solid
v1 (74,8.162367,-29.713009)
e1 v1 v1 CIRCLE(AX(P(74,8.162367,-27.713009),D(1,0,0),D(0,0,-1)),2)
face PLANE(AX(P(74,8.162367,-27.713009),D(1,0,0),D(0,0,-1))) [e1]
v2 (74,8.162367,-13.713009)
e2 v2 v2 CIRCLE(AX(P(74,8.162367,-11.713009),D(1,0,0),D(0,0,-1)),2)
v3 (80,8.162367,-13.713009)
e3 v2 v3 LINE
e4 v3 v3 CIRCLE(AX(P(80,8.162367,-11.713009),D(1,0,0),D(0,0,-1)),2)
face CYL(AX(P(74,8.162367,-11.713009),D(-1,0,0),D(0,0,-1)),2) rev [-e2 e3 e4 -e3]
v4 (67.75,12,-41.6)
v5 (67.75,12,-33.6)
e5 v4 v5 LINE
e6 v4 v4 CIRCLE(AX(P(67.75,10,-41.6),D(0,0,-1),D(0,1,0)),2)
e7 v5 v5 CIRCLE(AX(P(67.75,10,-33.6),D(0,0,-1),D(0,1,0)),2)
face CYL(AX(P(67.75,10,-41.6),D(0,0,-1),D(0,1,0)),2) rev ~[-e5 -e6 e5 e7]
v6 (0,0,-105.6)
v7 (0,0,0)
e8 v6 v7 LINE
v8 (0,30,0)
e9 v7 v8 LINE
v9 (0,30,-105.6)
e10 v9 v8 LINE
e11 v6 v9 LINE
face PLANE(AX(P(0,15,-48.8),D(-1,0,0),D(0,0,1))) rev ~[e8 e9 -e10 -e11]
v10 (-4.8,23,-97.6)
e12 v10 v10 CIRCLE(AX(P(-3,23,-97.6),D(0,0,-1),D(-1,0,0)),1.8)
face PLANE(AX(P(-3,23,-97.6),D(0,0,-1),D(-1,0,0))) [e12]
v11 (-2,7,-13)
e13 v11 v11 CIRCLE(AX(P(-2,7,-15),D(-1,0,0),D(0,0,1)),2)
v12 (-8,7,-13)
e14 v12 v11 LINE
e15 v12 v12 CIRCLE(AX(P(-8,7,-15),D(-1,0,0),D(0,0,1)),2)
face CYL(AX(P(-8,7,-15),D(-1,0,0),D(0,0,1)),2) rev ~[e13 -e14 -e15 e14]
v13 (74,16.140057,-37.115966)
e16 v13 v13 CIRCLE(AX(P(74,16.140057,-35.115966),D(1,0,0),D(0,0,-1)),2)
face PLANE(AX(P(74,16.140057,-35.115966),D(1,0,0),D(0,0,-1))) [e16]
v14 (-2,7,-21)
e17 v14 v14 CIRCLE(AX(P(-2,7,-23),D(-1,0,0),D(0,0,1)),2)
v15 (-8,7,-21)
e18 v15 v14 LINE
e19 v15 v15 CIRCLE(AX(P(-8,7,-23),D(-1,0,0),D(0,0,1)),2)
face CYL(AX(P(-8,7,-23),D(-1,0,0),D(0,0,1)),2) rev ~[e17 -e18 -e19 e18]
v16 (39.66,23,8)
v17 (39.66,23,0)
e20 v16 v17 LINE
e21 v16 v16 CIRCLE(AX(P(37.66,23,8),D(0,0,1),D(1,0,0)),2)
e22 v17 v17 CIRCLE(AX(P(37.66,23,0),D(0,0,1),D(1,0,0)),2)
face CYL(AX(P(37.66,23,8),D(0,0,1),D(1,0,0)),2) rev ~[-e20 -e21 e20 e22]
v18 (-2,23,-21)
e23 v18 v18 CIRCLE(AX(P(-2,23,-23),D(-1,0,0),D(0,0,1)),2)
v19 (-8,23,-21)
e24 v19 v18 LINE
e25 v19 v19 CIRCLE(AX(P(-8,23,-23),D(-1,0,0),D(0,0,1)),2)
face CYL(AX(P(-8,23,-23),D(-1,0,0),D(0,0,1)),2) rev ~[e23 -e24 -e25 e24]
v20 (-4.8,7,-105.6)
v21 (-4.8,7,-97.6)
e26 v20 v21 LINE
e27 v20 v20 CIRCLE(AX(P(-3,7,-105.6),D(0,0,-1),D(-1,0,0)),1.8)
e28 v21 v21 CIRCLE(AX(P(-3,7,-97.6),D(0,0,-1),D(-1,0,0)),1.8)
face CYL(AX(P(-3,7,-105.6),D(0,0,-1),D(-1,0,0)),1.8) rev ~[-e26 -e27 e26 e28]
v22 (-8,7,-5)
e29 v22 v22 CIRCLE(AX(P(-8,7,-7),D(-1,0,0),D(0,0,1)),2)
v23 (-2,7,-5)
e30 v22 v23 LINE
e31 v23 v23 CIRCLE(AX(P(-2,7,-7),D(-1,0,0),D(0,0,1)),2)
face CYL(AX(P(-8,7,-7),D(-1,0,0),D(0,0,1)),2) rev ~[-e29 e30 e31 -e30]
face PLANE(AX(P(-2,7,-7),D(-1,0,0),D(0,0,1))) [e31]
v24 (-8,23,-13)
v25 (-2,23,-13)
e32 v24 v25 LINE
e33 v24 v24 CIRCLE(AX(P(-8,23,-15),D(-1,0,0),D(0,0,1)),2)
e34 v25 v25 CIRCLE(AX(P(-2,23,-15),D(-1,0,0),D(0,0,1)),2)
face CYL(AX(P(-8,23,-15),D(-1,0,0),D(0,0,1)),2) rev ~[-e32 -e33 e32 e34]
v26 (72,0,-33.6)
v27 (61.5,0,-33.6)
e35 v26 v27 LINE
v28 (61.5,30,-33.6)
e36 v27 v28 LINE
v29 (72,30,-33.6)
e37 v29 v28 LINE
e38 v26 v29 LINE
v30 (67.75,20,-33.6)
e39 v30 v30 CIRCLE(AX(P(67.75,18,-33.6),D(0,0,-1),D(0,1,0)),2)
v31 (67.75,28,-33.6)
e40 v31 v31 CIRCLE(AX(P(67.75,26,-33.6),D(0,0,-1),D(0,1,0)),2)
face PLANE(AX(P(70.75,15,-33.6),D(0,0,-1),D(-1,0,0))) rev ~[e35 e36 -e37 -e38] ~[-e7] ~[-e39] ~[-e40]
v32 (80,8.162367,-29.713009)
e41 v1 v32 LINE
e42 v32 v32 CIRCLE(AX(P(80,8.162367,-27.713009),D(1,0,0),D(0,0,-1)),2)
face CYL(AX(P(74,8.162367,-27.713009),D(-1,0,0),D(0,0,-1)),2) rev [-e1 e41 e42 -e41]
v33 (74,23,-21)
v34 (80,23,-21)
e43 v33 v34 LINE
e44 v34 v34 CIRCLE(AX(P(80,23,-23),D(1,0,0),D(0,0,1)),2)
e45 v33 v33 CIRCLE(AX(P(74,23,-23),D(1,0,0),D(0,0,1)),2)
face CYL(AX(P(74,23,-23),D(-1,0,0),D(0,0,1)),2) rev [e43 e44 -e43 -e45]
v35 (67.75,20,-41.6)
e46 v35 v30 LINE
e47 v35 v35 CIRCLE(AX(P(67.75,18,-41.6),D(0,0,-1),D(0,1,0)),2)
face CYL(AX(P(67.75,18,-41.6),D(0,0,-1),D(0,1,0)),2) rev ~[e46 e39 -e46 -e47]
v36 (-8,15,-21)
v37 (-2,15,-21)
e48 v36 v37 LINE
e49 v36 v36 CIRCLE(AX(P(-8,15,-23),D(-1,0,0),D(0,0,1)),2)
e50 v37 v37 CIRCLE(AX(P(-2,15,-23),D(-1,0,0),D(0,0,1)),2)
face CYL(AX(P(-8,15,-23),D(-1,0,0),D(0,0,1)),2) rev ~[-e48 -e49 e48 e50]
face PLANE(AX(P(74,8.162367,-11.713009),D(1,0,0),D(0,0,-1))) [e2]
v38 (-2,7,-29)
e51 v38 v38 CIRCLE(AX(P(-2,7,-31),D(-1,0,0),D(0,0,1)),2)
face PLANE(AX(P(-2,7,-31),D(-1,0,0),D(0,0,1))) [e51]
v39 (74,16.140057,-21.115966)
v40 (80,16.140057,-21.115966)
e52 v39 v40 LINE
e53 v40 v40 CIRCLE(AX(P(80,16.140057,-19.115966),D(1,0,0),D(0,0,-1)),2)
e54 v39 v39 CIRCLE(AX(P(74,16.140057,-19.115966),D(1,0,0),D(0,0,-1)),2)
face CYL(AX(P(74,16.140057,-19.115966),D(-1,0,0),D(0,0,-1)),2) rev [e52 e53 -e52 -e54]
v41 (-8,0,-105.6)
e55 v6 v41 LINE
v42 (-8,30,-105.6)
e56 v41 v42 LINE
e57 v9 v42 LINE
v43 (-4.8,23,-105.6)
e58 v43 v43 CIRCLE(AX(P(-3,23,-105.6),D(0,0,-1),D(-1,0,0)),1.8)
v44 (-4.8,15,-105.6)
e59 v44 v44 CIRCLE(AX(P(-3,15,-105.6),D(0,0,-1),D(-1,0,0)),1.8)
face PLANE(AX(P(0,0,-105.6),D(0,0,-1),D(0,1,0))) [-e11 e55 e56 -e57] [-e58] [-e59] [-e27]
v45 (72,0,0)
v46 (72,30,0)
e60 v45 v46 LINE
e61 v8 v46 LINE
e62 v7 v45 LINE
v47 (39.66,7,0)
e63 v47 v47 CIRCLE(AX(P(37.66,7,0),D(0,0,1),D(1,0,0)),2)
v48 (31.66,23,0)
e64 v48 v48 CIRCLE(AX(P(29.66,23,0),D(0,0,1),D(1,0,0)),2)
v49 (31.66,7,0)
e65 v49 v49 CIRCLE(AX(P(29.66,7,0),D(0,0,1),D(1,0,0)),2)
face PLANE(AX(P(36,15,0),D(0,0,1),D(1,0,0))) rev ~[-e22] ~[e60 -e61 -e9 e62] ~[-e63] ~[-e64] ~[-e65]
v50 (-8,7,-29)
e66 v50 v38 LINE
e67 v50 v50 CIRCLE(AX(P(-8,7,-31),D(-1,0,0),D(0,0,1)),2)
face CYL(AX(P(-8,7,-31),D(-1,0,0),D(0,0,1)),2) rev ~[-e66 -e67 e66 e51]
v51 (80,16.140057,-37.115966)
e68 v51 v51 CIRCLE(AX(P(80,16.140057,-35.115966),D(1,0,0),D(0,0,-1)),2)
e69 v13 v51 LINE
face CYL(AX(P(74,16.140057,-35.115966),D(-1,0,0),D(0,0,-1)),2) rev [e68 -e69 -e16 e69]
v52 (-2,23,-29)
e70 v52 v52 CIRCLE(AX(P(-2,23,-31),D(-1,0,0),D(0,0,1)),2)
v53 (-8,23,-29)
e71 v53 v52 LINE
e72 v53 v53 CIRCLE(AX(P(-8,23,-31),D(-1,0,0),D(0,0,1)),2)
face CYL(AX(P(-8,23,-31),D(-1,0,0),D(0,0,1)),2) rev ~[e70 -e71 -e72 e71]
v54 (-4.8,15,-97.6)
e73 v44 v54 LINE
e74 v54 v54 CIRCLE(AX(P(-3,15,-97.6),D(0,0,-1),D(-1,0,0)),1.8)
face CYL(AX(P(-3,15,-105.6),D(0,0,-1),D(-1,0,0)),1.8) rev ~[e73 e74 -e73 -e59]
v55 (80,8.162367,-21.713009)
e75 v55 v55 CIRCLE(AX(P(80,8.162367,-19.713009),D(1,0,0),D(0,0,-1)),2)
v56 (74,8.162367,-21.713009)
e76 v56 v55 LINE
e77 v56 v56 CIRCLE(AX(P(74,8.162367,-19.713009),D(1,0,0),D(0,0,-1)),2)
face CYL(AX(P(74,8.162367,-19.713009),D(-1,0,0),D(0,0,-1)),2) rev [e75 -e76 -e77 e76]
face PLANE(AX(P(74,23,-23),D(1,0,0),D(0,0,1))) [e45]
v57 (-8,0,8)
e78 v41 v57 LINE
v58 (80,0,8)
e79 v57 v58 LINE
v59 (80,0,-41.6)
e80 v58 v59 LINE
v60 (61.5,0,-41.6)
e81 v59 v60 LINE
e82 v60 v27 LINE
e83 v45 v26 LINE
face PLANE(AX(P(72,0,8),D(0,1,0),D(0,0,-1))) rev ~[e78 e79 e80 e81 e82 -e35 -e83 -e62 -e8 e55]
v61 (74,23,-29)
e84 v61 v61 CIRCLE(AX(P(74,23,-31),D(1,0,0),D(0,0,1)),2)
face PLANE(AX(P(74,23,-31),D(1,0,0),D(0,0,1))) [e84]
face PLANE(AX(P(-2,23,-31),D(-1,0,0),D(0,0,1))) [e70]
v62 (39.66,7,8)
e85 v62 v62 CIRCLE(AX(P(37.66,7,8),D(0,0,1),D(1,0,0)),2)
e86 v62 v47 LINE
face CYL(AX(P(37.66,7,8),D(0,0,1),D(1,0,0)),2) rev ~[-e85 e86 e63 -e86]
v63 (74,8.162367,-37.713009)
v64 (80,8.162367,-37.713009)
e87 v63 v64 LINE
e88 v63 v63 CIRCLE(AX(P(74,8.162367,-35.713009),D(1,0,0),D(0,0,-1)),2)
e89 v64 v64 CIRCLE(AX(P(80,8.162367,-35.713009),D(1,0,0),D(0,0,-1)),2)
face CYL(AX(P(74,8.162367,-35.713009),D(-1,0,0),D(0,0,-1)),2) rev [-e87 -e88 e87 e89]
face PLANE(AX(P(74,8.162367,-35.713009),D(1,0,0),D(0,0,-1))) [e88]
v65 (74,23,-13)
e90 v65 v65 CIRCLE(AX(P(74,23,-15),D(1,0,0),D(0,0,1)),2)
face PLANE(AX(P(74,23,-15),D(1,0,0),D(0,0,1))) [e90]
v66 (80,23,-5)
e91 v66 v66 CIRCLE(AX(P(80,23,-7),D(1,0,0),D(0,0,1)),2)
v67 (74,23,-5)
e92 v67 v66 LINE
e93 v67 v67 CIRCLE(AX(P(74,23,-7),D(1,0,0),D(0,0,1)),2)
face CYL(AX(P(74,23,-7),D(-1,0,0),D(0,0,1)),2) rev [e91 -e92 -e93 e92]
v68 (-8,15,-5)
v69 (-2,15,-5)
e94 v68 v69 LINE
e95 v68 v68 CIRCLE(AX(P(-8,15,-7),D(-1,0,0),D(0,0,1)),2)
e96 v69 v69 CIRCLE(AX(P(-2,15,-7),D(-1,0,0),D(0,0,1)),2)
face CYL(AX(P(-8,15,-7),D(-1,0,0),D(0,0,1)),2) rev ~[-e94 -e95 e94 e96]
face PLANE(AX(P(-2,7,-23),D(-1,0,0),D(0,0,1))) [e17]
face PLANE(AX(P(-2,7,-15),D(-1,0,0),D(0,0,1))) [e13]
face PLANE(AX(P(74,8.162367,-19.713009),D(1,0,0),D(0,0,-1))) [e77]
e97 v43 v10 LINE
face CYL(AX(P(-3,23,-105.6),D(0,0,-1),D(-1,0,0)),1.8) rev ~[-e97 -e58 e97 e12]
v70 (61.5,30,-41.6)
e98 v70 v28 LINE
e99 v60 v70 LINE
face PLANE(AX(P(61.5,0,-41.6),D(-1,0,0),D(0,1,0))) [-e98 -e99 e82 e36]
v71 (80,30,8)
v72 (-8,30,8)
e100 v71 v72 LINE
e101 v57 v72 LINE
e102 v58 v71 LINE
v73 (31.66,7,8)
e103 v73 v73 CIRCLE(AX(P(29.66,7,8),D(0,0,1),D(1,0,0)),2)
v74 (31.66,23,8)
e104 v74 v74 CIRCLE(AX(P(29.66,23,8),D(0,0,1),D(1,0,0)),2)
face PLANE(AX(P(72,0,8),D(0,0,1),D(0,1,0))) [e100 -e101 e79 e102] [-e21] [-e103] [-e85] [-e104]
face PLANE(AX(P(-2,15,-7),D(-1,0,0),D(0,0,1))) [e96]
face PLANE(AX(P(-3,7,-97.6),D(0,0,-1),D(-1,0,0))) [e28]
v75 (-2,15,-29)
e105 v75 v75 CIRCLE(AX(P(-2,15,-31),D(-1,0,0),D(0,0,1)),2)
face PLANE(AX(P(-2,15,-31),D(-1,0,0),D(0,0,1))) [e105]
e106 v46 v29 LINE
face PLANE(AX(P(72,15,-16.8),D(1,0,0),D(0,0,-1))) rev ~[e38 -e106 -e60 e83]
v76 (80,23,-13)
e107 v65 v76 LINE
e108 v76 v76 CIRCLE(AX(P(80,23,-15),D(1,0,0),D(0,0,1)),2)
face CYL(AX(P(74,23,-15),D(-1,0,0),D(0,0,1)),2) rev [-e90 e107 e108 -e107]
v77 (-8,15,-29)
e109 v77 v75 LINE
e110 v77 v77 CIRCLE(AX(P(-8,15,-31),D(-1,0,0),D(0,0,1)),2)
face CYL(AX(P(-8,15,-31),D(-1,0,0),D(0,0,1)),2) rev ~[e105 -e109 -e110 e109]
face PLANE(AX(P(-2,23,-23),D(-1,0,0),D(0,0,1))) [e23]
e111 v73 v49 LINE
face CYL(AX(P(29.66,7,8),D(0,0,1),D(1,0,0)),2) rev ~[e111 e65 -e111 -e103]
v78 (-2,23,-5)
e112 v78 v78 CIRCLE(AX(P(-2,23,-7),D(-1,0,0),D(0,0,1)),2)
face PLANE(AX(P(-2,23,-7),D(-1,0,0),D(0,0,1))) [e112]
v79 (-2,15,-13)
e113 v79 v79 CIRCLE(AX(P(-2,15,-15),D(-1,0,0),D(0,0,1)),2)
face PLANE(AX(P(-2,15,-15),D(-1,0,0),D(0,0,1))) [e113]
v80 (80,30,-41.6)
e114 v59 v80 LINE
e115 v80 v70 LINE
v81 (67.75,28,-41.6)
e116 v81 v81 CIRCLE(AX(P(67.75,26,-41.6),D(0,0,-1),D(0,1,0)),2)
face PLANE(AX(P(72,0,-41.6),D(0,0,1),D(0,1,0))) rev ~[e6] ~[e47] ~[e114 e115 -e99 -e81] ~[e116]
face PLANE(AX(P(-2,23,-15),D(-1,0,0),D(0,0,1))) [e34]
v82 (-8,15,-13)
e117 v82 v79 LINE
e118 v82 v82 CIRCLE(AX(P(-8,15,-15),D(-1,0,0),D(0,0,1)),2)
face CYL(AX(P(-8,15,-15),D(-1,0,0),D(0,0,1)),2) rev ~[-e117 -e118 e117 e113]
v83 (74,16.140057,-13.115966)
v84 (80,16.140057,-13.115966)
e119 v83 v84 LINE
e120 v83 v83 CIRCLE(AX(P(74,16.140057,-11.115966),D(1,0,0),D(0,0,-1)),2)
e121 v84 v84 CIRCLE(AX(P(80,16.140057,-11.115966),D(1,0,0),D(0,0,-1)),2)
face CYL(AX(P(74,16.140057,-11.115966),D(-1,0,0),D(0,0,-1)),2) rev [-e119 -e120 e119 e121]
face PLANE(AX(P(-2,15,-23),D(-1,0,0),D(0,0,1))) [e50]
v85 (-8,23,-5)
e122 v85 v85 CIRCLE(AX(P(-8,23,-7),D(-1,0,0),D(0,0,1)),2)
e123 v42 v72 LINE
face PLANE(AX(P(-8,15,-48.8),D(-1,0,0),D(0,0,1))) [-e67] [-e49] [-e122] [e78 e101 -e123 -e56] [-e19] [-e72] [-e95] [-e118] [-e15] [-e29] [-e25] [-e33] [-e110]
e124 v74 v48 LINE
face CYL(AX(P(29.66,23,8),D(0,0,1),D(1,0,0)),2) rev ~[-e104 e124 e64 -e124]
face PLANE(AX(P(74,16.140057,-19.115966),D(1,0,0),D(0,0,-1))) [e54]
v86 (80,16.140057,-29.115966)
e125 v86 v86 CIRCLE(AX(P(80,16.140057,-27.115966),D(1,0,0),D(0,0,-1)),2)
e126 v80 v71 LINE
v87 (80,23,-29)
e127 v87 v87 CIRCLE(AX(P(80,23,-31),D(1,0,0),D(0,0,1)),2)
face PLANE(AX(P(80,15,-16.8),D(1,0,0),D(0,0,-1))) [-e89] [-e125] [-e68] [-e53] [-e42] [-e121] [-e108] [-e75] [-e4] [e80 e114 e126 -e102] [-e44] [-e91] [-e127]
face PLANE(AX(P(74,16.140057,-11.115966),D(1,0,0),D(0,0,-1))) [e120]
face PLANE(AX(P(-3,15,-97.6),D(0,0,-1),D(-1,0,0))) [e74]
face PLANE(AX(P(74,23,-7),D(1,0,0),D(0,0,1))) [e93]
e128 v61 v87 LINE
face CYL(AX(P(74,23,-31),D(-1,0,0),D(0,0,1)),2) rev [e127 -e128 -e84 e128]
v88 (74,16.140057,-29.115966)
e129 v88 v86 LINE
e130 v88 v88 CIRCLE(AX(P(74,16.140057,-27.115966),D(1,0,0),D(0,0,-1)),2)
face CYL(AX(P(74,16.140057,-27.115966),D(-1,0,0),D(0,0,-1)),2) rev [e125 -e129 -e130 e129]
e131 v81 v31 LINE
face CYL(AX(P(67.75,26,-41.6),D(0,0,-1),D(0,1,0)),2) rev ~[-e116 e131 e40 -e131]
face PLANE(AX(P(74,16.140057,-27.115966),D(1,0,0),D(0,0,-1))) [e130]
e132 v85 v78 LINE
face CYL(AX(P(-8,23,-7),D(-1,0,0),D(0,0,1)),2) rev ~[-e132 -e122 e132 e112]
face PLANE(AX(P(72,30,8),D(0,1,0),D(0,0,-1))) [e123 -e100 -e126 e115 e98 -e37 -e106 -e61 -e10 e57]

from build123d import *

# Parameters (mm, degrees)
SKETCH_1_W          = 72
SKETCH_1_H          = 30
EXTRUDE_1_DEPTH     = 8
SKETCH_2_W          = 113.6
SKETCH_2_H          = 30
EXTRUDE_2_DEPTH     = 8
SKETCH_3_W          = 49.6
SKETCH_3_H          = 30
EXTRUDE_3_DEPTH     = 8
SKETCH_5_W          = 18.5
SKETCH_5_H          = 30
SKETCH_5_R          = 2
EXTRUDE_4_DEPTH     = 8
SKETCH_10_R         = 2
CUT_EXTRUDE_3_DEPTH = 15.5
SKETCH_11_R         = 2
CUT_EXTRUDE_4_DEPTH = 6
SKETCH_12_R         = 1.8
CUT_EXTRUDE_6_DEPTH = 8
CUT_EXTRUDE_START   = -6
SKETCH_13_R         = 2
CUT_EXTRUDE_7_DEPTH = 6


with BuildPart() as part:
    # 草圖1 → 填料-伸長1 (new body)
    with BuildSketch(Plane.XY):
        with Locations((36, 15)):
            Rectangle(SKETCH_1_W, SKETCH_1_H)
    extrude(amount=EXTRUDE_1_DEPTH)

    # 草圖2 → 填料-伸長2 (add)
    with BuildSketch(Plane.ZY):
        with Locations((-48.8, 15)):
            Rectangle(SKETCH_2_W, SKETCH_2_H)
    extrude(amount=EXTRUDE_2_DEPTH)

    # 草圖3 → 填料-伸長3 (add)
    with BuildSketch(Plane(origin=(72, 0, 0), x_dir=(0, 0, -1), z_dir=(1, 0, 0))):
        with Locations((16.8, 15)):
            Rectangle(SKETCH_3_W, SKETCH_3_H)
    extrude(amount=EXTRUDE_3_DEPTH)

    # 草圖5 → 填料-伸長4 (add)
    with BuildSketch(Plane(origin=(0, 0, -41.6), x_dir=(-1, 0, 0), z_dir=(0, 0, -1))):
        with Locations((-70.75, 15)):
            Rectangle(SKETCH_5_W, SKETCH_5_H)
        with Locations(Location((-67.75, 26, 0), (0, 0, 90))):
            Circle(SKETCH_5_R, mode=Mode.SUBTRACT)
        with Locations(Location((-67.75, 18, 0), (0, 0, 90))):
            Circle(SKETCH_5_R, mode=Mode.SUBTRACT)
        with Locations(Location((-67.75, 10, 0), (0, 0, 90))):
            Circle(SKETCH_5_R, mode=Mode.SUBTRACT)
    extrude(amount=-EXTRUDE_4_DEPTH)

    # 草圖10 → 除料-伸長3 (cut)
    with BuildSketch(Plane.XY.offset(8)):
        with Locations((29.66, 23)):
            Circle(SKETCH_10_R)
        with Locations((37.66, 23)):
            Circle(SKETCH_10_R)
        with Locations((37.66, 7)):
            Circle(SKETCH_10_R)
        with Locations((29.66, 7)):
            Circle(SKETCH_10_R)
    extrude(amount=-CUT_EXTRUDE_3_DEPTH, mode=Mode.SUBTRACT)

    # 草圖11 → 除料-伸長4 (cut)
    with BuildSketch(Plane.ZY.offset(8)):
        with Locations((-31, 23)):
            Circle(SKETCH_11_R)
        with Locations((-31, 15)):
            Circle(SKETCH_11_R)
        with Locations((-31, 7)):
            Circle(SKETCH_11_R)
        with Locations((-23, 23)):
            Circle(SKETCH_11_R)
        with Locations((-23, 15)):
            Circle(SKETCH_11_R)
        with Locations((-23, 7)):
            Circle(SKETCH_11_R)
        with Locations((-15, 23)):
            Circle(SKETCH_11_R)
        with Locations((-15, 15)):
            Circle(SKETCH_11_R)
        with Locations((-15, 7)):
            Circle(SKETCH_11_R)
        with Locations((-7, 23)):
            Circle(SKETCH_11_R)
        with Locations((-7, 15)):
            Circle(SKETCH_11_R)
        with Locations((-7, 7)):
            Circle(SKETCH_11_R)
    extrude(amount=-CUT_EXTRUDE_4_DEPTH, mode=Mode.SUBTRACT)

    # 草圖12 → 除料-伸長6 (cut)
    with BuildSketch(Plane(origin=(0, 0, -105.6), x_dir=(-1, 0, 0), z_dir=(0, 0, -1))):
        with Locations((3, 23)):
            Circle(SKETCH_12_R)
        with Locations((3, 15)):
            Circle(SKETCH_12_R)
        with Locations((3, 7)):
            Circle(SKETCH_12_R)
    extrude(amount=-CUT_EXTRUDE_6_DEPTH, mode=Mode.SUBTRACT)

    # 草圖13 → 除料-伸長7 (cut)
    with BuildSketch(Plane(origin=(80, 0, 0), x_dir=(0, 0, -1), z_dir=(1, 0, 0)).offset(CUT_EXTRUDE_START)):
        with Locations(Location((7, 23, 0), (0, 0, 180))):
            Circle(SKETCH_13_R)
        with Locations((11.115966043, 16.140056594)):
            Circle(SKETCH_13_R)
        with Locations((11.713009493, 8.162366508)):
            Circle(SKETCH_13_R)
        with Locations(Location((15, 23, 0), (0, 0, 180))):
            Circle(SKETCH_13_R)
        with Locations((19.115966043, 16.140056594)):
            Circle(SKETCH_13_R)
        with Locations((19.713009493, 8.162366508)):
            Circle(SKETCH_13_R)
        with Locations(Location((23, 23, 0), (0, 0, 180))):
            Circle(SKETCH_13_R)
        with Locations((27.115966043, 16.140056594)):
            Circle(SKETCH_13_R)
        with Locations((27.713009493, 8.162366508)):
            Circle(SKETCH_13_R)
        with Locations(Location((31, 23, 0), (0, 0, 180))):
            Circle(SKETCH_13_R)
        with Locations((35.115966043, 16.140056594)):
            Circle(SKETCH_13_R)
        with Locations((35.713009493, 8.162366508)):
            Circle(SKETCH_13_R)
    extrude(amount=CUT_EXTRUDE_7_DEPTH, mode=Mode.SUBTRACT)


solid = part.part
